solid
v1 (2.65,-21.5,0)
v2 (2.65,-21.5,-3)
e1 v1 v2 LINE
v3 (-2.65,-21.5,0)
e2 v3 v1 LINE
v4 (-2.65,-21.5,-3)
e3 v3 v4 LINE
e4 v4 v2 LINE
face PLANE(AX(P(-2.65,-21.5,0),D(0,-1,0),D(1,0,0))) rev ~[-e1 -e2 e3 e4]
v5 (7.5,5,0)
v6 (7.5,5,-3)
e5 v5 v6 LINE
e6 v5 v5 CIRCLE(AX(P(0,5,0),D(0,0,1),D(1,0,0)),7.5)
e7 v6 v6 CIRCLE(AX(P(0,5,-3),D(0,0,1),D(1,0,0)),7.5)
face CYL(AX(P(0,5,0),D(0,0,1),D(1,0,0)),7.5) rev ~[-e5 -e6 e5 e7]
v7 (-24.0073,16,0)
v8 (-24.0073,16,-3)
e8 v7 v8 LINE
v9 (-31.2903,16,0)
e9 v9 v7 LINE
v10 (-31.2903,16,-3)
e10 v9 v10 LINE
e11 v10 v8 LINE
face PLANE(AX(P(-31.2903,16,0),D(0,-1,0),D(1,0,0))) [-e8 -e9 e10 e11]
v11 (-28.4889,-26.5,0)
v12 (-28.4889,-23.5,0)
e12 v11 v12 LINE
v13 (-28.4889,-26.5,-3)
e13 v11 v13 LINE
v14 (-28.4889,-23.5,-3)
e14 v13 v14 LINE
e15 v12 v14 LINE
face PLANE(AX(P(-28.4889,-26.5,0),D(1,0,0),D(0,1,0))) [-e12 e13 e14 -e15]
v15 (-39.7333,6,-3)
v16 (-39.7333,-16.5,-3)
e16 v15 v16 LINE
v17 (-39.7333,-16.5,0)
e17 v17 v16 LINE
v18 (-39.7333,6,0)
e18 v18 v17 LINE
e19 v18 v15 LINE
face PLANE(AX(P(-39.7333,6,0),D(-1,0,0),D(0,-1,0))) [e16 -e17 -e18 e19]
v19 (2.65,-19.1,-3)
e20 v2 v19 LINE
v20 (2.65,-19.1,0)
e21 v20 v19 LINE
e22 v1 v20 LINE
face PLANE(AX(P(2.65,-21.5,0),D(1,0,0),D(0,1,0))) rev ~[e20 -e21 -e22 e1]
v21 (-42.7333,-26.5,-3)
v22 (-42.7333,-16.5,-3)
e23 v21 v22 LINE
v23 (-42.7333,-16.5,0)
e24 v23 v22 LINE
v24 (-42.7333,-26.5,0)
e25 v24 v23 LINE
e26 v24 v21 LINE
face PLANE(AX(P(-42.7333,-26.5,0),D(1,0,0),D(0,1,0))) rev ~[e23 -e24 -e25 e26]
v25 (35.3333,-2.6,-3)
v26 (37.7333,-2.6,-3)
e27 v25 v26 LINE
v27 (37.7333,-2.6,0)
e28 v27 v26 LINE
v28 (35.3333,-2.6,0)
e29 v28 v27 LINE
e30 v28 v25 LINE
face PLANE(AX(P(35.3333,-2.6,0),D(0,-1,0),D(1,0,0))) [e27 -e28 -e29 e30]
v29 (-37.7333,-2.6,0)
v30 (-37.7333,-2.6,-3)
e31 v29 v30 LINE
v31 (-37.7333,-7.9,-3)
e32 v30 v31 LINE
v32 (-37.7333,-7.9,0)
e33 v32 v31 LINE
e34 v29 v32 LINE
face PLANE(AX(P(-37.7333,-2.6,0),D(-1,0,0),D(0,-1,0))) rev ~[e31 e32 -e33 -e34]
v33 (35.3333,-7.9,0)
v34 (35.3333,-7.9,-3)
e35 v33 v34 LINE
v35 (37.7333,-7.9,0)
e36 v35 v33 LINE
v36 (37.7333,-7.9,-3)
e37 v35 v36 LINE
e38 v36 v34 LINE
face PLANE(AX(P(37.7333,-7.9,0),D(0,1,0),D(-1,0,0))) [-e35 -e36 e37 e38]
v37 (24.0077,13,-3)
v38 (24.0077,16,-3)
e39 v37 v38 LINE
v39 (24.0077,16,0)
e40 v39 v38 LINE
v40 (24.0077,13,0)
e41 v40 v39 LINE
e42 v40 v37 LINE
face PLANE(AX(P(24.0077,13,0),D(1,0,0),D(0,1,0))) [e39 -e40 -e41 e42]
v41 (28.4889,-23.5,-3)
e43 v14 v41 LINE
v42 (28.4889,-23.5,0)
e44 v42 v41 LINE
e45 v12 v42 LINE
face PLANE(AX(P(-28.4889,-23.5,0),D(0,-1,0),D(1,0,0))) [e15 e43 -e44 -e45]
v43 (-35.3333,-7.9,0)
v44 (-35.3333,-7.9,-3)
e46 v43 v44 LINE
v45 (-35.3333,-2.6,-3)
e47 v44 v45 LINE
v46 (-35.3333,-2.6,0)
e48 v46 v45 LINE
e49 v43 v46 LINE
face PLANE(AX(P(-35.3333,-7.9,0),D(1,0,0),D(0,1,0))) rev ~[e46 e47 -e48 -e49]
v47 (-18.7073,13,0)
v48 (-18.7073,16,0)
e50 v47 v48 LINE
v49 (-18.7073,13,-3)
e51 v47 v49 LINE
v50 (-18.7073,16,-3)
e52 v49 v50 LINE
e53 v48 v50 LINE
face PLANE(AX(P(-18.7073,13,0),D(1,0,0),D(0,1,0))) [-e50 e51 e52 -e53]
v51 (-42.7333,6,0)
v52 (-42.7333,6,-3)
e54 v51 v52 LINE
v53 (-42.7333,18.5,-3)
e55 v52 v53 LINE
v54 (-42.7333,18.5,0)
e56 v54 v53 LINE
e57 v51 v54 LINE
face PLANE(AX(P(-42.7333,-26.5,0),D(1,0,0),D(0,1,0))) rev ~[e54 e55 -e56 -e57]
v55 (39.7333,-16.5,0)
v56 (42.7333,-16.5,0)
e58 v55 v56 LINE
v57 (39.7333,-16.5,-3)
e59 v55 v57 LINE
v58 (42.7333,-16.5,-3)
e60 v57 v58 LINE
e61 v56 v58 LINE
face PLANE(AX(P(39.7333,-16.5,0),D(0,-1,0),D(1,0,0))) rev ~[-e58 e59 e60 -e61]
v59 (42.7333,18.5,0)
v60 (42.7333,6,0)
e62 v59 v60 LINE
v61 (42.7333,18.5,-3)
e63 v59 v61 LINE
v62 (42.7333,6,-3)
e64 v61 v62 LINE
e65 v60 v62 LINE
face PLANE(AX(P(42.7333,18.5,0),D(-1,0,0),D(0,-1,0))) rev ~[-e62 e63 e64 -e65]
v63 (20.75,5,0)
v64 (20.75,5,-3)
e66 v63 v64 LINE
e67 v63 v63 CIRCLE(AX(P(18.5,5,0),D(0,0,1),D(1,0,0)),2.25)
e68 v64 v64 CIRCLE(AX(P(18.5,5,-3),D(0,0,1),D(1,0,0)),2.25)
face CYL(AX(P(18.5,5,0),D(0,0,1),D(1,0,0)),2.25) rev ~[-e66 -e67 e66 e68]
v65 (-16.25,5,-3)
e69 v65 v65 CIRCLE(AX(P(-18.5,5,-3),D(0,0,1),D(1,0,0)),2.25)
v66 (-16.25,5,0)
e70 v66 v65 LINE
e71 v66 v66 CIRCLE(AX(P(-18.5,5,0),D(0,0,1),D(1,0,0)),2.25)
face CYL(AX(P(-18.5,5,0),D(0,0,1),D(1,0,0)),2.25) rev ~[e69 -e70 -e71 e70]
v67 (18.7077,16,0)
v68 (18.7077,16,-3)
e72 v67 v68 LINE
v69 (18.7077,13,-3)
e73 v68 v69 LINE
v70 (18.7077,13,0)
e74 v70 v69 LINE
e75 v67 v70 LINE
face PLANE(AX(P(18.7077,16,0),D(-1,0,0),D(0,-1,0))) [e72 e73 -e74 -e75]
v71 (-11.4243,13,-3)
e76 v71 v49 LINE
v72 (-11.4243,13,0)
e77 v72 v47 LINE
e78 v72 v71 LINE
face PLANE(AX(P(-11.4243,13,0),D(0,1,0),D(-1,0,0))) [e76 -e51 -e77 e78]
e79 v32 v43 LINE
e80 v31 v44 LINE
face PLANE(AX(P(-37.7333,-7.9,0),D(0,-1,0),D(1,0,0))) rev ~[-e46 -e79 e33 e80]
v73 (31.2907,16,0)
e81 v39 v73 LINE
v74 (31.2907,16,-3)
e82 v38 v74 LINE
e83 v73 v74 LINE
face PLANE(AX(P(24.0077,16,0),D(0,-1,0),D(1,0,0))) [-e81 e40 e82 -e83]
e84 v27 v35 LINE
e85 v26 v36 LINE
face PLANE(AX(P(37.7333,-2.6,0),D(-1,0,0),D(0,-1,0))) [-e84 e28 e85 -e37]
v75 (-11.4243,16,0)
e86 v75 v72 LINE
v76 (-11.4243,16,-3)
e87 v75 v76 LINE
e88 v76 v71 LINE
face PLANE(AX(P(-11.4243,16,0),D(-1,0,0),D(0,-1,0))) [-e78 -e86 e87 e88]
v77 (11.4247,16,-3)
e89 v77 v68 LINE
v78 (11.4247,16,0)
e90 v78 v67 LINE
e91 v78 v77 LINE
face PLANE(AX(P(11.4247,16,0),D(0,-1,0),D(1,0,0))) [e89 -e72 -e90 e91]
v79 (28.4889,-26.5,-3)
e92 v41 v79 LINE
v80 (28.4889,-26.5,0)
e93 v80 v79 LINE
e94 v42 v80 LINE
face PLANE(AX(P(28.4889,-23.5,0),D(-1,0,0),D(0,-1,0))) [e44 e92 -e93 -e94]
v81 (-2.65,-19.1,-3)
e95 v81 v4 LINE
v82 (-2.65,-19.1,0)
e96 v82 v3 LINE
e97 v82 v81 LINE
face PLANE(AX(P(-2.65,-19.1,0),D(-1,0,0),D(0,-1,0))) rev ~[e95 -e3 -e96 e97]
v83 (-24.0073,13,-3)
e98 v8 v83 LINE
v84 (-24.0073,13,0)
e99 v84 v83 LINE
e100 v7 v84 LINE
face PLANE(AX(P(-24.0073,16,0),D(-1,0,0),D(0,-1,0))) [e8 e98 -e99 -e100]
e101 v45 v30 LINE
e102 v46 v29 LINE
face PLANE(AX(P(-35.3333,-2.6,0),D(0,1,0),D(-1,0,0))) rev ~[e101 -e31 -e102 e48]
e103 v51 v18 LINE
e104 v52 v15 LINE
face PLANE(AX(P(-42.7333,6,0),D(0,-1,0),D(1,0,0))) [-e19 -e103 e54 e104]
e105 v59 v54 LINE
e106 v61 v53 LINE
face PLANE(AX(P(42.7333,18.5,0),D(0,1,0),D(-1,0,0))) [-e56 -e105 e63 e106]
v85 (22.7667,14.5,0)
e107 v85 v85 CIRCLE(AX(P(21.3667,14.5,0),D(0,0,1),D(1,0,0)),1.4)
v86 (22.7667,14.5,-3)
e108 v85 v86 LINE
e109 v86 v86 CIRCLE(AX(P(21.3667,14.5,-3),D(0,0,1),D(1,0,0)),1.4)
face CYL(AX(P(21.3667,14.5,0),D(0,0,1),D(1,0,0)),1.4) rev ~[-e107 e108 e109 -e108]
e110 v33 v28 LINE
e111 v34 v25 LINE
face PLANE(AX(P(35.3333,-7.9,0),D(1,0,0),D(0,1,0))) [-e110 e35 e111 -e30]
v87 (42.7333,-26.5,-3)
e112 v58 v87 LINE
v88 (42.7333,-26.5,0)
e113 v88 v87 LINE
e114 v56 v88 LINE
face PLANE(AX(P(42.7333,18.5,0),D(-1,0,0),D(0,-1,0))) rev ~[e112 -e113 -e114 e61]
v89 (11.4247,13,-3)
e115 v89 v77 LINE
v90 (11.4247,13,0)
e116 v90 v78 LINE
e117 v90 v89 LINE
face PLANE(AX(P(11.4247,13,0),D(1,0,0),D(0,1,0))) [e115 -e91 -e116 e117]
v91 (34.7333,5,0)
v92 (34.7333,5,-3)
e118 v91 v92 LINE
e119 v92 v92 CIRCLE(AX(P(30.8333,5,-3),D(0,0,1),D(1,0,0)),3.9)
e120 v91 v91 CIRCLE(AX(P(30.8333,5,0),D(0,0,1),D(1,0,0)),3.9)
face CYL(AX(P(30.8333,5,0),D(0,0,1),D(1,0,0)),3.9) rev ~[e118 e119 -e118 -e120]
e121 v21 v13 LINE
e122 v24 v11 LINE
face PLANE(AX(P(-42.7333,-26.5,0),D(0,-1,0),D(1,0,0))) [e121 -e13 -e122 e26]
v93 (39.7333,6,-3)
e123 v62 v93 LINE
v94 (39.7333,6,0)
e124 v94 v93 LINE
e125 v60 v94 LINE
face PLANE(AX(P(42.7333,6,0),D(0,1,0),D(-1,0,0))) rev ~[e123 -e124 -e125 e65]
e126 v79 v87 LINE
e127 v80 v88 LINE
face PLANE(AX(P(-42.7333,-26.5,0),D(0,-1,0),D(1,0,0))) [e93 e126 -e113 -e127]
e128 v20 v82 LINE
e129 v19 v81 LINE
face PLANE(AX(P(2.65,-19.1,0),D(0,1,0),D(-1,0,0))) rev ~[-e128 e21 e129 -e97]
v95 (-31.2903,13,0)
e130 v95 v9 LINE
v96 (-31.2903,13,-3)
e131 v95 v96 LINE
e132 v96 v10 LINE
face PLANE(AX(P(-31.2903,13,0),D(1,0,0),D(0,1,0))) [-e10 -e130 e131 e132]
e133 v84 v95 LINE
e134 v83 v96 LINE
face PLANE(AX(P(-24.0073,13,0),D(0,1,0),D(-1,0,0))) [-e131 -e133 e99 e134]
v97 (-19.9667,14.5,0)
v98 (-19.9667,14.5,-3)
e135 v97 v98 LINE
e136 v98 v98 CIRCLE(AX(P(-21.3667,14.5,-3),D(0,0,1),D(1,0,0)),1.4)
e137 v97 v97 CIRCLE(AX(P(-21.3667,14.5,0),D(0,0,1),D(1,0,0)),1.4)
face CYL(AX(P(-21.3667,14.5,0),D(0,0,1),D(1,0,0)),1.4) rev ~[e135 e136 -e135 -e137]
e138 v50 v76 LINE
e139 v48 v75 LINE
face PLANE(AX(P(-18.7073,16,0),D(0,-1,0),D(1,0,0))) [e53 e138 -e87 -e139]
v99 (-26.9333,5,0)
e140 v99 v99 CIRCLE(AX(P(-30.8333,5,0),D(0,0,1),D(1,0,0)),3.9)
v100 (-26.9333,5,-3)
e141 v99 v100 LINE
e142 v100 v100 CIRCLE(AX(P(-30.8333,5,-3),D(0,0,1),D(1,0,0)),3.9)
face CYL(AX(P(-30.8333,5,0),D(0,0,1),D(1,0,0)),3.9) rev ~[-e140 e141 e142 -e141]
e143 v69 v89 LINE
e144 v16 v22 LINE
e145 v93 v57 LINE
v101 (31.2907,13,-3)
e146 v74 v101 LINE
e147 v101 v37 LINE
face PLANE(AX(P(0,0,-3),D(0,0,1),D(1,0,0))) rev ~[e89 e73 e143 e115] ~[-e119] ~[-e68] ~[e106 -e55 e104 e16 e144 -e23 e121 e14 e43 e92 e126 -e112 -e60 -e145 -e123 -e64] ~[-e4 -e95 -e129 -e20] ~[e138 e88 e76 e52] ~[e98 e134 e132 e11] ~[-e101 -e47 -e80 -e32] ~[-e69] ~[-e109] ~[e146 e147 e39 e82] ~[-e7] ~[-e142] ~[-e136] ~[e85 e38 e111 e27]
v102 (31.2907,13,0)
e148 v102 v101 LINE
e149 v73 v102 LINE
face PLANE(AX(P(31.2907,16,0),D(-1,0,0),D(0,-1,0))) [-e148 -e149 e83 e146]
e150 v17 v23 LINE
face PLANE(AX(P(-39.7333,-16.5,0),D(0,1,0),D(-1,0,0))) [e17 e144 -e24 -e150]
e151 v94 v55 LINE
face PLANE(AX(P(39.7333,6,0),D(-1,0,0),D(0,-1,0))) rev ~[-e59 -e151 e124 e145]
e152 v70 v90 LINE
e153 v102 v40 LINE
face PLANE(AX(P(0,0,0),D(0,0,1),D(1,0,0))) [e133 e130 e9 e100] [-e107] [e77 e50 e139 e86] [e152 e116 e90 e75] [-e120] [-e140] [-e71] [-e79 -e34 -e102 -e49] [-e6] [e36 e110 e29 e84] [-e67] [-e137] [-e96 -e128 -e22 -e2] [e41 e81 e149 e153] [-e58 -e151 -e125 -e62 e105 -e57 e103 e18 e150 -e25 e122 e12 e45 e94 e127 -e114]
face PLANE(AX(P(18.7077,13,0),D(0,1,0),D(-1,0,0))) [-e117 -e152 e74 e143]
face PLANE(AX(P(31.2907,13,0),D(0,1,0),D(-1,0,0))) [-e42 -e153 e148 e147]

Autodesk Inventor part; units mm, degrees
ref_plane "YZ Plane" through (0, 0, 0) normal (1, 0, 0) x (0, 1, 0)
ref_plane "XZ Plane" through (0, 0, 0) normal (0, 1, 0) x (-1, 0, 0)
ref_plane "XY Plane" through (0, 0, 0) normal (0, 0, 1) x (1, 0, 0)
sketch "Sketch1" plane through (0, 0, 0) normal (0, 0, 1) x (1, 0, 0)
  circle A0 centre (0, 5) radius 7.5
  line L0 (42.7333, 18.5) -> (-42.7333, 18.5)
  line L1 (-42.7333, -26.5) -> (42.7333, -26.5)
  circle A1 centre (18.5, 5) radius 2.25
  circle A2 centre (-18.5, 5) radius 2.25
  circle A3 centre (30.8333, 5) radius 3.9
  circle A4 centre (-30.8333, 5) radius 3.9
  line L2 (42.7333, 18.5) -> (42.7333, -26.5)
  line L3 (-42.7333, -26.5) -> (-42.7333, 18.5)
  circle A5 centre (0, 5) radius 13.5 construction
  line L4 (0, 41.7106) -> (0, -39.2634) construction
  dimension "d2" = 4.5
  dimension "d3" = 4.5
  dimension "d4" = 7.8
  dimension "d5" = 7.8
  dimension "d48" = 45
  dimension "d58" = 15
  dimension "d63" = 27
  dimension "d75" = 31.5
  dimension "d76" = 30.8333
  dimension "d77" = 85.4667
  dimension "d93" = 45
extrude "Extrusion1" add sketch "Sketch1" against normal blind 3
sketch "Sketch4" plane through (0, 0, 0) normal (0, 0, 1) x (1, 0, 0)
  line L0 (-42.7333, -26.5) -> (42.7333, -26.5) projected
  line L1 (42.7333, 18.5) -> (-42.7333, 18.5) projected
  line L2 (50.1623, -5.25) -> (-50.4474, -5.25) construction
  line L3 (42.7333, -26.5) -> (42.7333, 18.5) projected
  circle A0 centre (0, 5) radius 13.5 construction
  circle A1 centre (0, 5) radius 7.5 projected
  line L4 (42.7333, 6) -> (39.7333, 6)
  line L5 (39.7333, 6) -> (39.7333, -16.5)
  line L6 (39.7333, -16.5) -> (42.7333, -16.5)
  line L7 (42.7333, -16.5) -> (42.7333, 6)
  line L8 (0, 33.7344) -> (0, -36.9537) construction
  line L9 (-42.7333, 18.5) -> (-42.7333, -26.5) projected
  line L10 (-42.7333, 6) -> (-39.7333, 6)
  line L11 (-39.7333, 6) -> (-39.7333, -16.5)
  line L12 (-39.7333, -16.5) -> (-42.7333, -16.5)
  line L13 (-42.7333, -16.5) -> (-42.7333, 6)
  line L14 (42.7333, -26.5) -> (-42.7333, -26.5) projected
  line L15 (31.3, 16) -> (24.0167, 16) construction
  line L16 (11.4333, 16) -> (11.4333, 13) construction
  line L17 (11.4333, 13) -> (18.7167, 13) construction
  line L18 (31.3, 13) -> (31.3, 16) construction
  circle A2 centre (30.8333, 5) radius 3.9 projected
  line L19 (21.3667, 17.602) -> (21.3667, 7.8585) construction
  line L20 (18.7167, 16) -> (24.0167, 16) construction
  line L21 (24.0167, 16) -> (24.0167, 13) construction
  line L22 (24.0167, 13) -> (18.7167, 13) construction
  line L23 (18.7167, 13) -> (18.7167, 16) construction
  line L24 (18.7167, 16) -> (11.4333, 16) construction
  line L25 (24.0167, 13) -> (31.3, 13) construction
  circle A3 centre (21.3667, 14.5) radius 1.4
  line L26 (-31.3, 16) -> (-24.0167, 16) construction
  line L27 (-11.4333, 16) -> (-11.4333, 13) construction
  line L28 (-11.4333, 13) -> (-18.7167, 13) construction
  line L29 (-31.3, 13) -> (-31.3, 16) construction
  line L30 (-24.0167, 16) -> (-24.0167, 13) construction
  line L31 (-18.7167, 13) -> (-18.7167, 16) construction
  line L32 (-18.7167, 16) -> (-11.4333, 16) construction
  line L33 (-24.0167, 13) -> (-31.3, 13) construction
  circle A4 centre (-21.3667, 14.5) radius 1.4
  line L34 (42.7333, 18.5) -> (42.7333, -26.5) projected
  line L35 (-28.4889, -23.5) -> (28.4889, -23.5)
  line L36 (28.4889, -23.5) -> (28.4889, -26.5)
  line L37 (28.4889, -26.5) -> (-28.4889, -26.5)
  line L38 (-28.4889, -26.5) -> (-28.4889, -23.5)
  line L39 (35.3333, -2.6) -> (37.7333, -2.6)
  line L40 (37.7333, -2.6) -> (37.7333, -7.9)
  line L41 (37.7333, -7.9) -> (35.3333, -7.9)
  line L42 (35.3333, -7.9) -> (35.3333, -2.6)
  line L43 (-35.3333, -2.6) -> (-37.7333, -2.6)
  line L44 (-37.7333, -2.6) -> (-37.7333, -7.9)
  line L45 (-37.7333, -7.9) -> (-35.3333, -7.9)
  line L46 (-35.3333, -7.9) -> (-35.3333, -2.6)
  line L47 (2.65, -19.1) -> (-2.65, -19.1)
  line L48 (-2.65, -19.1) -> (-2.65, -21.5)
  line L49 (-2.65, -21.5) -> (2.65, -21.5)
  line L50 (2.65, -21.5) -> (2.65, -19.1)
  line L51 (-42.7333, -26.5) -> (-42.7333, 18.5) projected
  line L52 (-42.7333, -26.5) -> (-39.7333, -26.5)
  line L53 (-39.7333, -26.5) -> (-39.7333, -23.5)
  line L54 (-39.7333, -23.5) -> (-42.7333, -23.5)
  line L55 (-42.7333, -23.5) -> (-42.7333, -26.5)
  line L56 (42.7333, -26.5) -> (39.7333, -26.5)
  line L57 (39.7333, -26.5) -> (39.7333, -23.5)
  line L58 (39.7333, -23.5) -> (42.7333, -23.5)
  line L59 (42.7333, -23.5) -> (42.7333, -26.5)
  line L60 (11.4247, 13) -> (11.4247, 16)
  line L61 (11.4247, 16) -> (18.7077, 16)
  line L62 (18.7077, 16) -> (18.7077, 13)
  line L63 (18.7077, 13) -> (11.4247, 13)
  line L64 (31.2907, 16) -> (31.2907, 13)
  line L65 (31.2907, 13) -> (24.0077, 13)
  line L66 (24.0077, 13) -> (24.0077, 16)
  line L67 (24.0077, 16) -> (31.2907, 16)
  line L68 (-18.7073, 13) -> (-18.7073, 16)
  line L69 (-18.7073, 16) -> (-11.4243, 16)
  line L70 (-11.4243, 16) -> (-11.4243, 13)
  line L71 (-11.4243, 13) -> (-18.7073, 13)
  line L72 (-24.0073, 16) -> (-24.0073, 13)
  line L73 (-24.0073, 13) -> (-31.2903, 13)
  line L74 (-31.2903, 13) -> (-31.2903, 16)
  line L75 (-31.2903, 16) -> (-24.0073, 16)
  dimension "d61" = 45
  dimension "d62" = 27
  dimension "d81" = 3
  dimension "d82" = 11
  dimension "d83" = 19.8667
  dimension "d86" = 85.4667
  dimension "d88" = 5.3
  dimension "d89" = 2.8
  dimension "d97" = 22.5
  dimension "d98" = 3
  dimension "d99" = 3
  dimension "d100" = 56.9778
  dimension "d101" = 2.4
  dimension "d102" = 5.3
  dimension "d103" = 5
  dimension "d104" = 2.4
  dimension "d105" = 5.3
  dimension "d106" = 5
  dimension "d107" = 5.3
  dimension "d108" = 2.4
  dimension "d109" = 5
extrude "Extrusion2" cut sketch "Sketch4" against normal through all contours L38 L35 L36 L0 | L9 L10 L11 L12 | L3 L6 L5 L4 | A1 | A2 | A3 | A4 | L39 L40 L41 L42 | L46 L45 L44 L43 | L50 L49 L48 L47 | L60 L61 L62 L63 | L64 L65 L66 L67 | L68 L69 L70 L71 | L72 L73 L74 L75
equation "\"d48\" = d75 + 0.5 * d63"
properties part number "X-Anchor_Front-Inner"
